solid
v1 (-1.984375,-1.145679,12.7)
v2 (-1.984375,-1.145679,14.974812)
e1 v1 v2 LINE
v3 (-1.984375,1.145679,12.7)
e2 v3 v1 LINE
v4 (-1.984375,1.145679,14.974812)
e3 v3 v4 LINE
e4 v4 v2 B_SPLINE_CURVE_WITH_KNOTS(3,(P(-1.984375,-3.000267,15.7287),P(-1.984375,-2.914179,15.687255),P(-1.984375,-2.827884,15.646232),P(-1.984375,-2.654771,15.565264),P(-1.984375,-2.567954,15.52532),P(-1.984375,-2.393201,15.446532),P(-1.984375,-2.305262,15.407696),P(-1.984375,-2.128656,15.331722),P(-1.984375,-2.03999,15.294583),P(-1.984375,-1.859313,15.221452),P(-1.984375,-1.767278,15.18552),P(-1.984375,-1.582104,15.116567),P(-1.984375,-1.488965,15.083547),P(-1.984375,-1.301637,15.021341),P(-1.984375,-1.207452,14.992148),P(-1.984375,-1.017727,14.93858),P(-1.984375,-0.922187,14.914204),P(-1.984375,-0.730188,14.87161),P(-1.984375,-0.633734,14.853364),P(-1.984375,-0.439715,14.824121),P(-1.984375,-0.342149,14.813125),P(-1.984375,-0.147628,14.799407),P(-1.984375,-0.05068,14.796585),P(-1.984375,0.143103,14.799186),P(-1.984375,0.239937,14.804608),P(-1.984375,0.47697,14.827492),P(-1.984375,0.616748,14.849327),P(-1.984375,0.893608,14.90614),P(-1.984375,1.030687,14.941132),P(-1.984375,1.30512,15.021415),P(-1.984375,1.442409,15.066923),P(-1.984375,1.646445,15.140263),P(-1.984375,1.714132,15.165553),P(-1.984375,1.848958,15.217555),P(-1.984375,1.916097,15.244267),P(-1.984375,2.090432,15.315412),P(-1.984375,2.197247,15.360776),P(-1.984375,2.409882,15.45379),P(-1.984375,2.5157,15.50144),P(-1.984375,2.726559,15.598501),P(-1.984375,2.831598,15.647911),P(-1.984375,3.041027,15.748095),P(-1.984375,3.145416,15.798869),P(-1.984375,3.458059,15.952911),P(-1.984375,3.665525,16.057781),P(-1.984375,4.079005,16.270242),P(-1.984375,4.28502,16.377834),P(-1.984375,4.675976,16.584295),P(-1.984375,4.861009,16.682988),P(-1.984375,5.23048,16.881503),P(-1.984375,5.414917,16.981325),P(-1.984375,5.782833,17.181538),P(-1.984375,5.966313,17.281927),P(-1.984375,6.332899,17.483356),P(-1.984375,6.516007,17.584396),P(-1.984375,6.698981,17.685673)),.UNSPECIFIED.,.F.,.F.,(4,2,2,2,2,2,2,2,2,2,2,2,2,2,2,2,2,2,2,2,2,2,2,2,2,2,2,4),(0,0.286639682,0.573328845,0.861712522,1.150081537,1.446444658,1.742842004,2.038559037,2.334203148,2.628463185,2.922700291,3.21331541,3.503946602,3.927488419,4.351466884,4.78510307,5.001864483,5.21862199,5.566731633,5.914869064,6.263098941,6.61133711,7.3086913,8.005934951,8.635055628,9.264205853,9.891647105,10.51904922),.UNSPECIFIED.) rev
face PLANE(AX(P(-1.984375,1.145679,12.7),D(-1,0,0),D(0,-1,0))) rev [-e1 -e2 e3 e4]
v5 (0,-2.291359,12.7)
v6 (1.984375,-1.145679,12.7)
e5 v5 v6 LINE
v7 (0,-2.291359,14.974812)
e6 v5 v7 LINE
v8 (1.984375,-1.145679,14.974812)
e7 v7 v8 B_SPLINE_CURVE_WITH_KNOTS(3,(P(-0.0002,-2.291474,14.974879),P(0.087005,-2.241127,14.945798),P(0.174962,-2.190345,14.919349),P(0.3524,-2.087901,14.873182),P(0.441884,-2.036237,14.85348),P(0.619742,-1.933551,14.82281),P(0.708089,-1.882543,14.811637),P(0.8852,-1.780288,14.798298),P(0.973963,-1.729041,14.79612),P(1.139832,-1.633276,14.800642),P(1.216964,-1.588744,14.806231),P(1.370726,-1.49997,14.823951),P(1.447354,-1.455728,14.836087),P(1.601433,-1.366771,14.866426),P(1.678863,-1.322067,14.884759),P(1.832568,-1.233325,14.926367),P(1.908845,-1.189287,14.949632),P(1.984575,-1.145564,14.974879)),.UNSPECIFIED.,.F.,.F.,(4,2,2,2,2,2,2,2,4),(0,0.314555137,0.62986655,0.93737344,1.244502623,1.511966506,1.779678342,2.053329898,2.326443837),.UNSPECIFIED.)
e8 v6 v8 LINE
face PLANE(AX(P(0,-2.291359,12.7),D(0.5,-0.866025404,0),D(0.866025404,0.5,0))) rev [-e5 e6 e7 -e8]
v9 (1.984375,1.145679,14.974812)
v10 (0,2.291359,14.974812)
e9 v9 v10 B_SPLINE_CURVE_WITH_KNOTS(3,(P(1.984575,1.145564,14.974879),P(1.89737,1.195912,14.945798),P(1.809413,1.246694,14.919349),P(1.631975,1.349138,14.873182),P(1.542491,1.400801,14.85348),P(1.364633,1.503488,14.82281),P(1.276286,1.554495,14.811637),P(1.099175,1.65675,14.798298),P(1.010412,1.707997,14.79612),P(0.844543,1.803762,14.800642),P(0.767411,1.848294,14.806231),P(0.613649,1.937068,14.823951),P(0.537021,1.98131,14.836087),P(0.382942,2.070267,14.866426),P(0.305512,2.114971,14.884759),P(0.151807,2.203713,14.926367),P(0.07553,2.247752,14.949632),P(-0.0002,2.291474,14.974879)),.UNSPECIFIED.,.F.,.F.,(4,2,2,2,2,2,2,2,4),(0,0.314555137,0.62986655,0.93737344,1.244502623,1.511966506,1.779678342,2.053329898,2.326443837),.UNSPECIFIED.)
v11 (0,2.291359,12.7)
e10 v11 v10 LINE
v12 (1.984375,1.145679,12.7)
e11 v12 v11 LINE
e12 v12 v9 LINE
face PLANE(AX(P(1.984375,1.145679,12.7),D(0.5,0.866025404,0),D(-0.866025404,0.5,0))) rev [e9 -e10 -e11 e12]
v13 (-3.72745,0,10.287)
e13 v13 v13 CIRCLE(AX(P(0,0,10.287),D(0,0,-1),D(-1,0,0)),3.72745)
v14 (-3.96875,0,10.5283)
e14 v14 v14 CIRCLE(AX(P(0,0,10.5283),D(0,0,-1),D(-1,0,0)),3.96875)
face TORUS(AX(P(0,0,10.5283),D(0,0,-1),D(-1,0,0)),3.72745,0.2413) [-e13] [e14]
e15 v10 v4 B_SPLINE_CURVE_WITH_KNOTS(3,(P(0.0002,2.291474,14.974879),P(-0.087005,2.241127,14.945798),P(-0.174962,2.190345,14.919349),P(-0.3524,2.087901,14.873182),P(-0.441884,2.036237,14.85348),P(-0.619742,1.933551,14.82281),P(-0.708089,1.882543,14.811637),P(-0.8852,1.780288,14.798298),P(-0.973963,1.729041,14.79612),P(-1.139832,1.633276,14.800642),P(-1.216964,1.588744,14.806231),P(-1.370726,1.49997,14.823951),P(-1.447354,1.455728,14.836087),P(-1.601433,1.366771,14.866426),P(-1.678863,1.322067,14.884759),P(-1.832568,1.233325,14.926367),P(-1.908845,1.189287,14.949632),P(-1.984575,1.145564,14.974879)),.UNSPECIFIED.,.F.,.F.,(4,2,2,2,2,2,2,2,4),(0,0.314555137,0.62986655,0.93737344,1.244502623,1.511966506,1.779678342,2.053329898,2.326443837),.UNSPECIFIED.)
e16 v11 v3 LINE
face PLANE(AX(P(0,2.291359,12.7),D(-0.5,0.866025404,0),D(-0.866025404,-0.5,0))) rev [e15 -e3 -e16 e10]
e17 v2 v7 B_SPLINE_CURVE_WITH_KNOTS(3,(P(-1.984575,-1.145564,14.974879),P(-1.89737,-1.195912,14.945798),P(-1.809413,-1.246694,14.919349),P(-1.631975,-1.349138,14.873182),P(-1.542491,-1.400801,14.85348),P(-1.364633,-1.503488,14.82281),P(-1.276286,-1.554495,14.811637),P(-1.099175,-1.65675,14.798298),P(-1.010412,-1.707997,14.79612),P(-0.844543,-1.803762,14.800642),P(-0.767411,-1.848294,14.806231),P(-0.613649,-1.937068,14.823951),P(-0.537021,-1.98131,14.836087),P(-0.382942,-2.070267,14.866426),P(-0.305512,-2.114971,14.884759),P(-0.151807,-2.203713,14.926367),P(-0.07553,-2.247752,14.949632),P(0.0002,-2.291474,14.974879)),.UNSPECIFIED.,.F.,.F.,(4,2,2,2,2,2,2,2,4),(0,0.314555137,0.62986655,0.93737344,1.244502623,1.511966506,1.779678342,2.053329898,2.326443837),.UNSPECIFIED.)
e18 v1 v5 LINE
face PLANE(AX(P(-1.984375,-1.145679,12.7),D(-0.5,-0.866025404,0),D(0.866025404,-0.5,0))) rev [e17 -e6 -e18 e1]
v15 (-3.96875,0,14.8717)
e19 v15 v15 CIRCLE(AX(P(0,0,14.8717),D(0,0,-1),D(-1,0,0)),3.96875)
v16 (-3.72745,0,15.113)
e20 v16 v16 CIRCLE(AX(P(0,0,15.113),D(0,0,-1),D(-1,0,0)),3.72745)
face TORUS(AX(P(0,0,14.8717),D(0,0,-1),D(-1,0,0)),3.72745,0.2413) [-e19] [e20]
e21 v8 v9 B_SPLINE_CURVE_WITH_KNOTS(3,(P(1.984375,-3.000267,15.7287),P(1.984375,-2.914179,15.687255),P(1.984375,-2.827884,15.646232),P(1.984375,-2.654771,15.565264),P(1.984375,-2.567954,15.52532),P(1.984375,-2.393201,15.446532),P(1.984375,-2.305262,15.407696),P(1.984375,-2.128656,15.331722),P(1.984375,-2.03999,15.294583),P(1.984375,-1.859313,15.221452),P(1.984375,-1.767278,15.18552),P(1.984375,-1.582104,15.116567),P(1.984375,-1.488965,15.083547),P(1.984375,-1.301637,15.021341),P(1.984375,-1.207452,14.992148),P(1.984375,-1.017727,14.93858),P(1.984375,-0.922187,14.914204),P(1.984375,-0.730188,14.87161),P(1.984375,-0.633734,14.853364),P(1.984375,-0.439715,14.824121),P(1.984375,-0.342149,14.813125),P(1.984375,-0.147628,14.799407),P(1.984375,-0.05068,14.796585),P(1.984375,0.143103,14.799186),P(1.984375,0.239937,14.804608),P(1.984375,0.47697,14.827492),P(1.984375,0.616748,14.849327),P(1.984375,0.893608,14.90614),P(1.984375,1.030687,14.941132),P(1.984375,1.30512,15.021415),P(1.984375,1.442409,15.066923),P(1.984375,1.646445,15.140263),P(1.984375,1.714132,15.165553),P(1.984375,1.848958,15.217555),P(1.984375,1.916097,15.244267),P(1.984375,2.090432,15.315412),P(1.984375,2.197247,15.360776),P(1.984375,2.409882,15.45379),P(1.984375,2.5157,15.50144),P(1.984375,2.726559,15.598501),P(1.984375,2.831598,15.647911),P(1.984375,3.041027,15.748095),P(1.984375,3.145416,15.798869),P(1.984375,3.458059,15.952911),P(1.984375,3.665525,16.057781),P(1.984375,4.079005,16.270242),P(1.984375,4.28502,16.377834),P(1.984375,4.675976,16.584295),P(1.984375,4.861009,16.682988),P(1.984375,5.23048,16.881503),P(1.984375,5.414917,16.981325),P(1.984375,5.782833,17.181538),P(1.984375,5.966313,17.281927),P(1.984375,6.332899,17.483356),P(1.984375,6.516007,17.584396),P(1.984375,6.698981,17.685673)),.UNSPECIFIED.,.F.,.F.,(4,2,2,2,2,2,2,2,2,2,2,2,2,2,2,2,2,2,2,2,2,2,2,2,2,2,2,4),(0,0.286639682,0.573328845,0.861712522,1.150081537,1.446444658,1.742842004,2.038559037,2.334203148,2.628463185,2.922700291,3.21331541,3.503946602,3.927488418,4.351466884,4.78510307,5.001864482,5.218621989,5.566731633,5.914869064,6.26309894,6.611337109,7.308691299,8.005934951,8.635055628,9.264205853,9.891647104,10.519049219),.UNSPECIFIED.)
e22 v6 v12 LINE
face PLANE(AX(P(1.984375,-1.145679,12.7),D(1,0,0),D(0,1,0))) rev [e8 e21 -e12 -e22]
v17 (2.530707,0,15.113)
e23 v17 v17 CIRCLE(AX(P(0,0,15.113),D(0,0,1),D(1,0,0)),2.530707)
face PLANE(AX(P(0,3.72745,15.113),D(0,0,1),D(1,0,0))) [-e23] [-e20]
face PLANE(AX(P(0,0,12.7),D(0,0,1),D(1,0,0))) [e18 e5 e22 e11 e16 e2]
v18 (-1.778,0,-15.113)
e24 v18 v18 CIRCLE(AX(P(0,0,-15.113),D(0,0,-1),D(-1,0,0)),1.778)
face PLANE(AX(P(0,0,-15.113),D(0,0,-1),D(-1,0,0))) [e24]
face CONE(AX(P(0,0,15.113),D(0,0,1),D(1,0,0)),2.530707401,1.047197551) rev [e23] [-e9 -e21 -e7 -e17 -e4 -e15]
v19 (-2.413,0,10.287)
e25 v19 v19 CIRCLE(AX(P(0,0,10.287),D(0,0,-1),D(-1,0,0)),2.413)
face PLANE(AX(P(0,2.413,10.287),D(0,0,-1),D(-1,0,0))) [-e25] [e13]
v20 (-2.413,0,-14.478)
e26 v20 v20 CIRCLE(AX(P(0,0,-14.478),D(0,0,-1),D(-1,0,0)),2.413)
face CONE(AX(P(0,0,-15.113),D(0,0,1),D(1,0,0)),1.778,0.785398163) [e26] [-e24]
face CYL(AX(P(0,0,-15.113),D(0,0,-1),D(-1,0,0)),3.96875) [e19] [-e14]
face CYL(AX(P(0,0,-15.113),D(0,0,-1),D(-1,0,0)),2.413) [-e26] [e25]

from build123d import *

# Parameters (mm, degrees)
CUT_EXTRUDE1_START = 15.113
CUT_EXTRUDE1_DEPTH = 2.413


with BuildPart() as part:
    # Sketch2 → Revolve1 (revolve)
    with BuildSketch(Plane(origin=(0, 0, 0), x_dir=(0, 0, -1), z_dir=(1, 0, 0)), mode=Mode.PRIVATE) as revolve1_sk:
        with BuildLine():
            Line((15.113, 0), (15.113, 1.778))
            Line((15.113, 1.778), (14.478, 2.413))
            Line((14.478, 2.413), (-10.287, 2.413))
            Line((-10.287, 2.413), (-10.287, 3.72745))
            ThreePointArc((-10.287, 3.72745), (-10.357675134, 3.898074866), (-10.5283, 3.96875))
            Line((-10.5283, 3.96875), (-14.8717, 3.96875))
            ThreePointArc((-14.8717, 3.96875), (-15.042324866, 3.898074866), (-15.113, 3.72745))
            Line((-15.113, 3.72745), (-15.113, 0))
            Line((-15.113, 0), (15.113, 0))
        make_face()
    revolve(revolve1_sk.sketch.rotate(Axis((0, 0, -15.113), (0, 0, 1)), 90), axis=Axis((0, 0, -15.113), (0, 0, 1)))

    # Sketch3 → Cut-Extrude1 (cut)
    with BuildSketch(Plane.XY.offset(CUT_EXTRUDE1_START)):
        Polygon((-1.984375, 1.14567944), (-1.984375, -1.14567944), (0, -2.291358881), (1.984375, -1.14567944), (1.984375, 1.14567944), (0, 2.291358881), align=None)
    extrude(amount=-CUT_EXTRUDE1_DEPTH, mode=Mode.SUBTRACT)

    # Cut-Extrude2 cone 1 section (through the dimple's axis) → Cut-Extrude2 (revolve, cut)
    with BuildSketch(Plane(origin=(0, 0, 15.113), x_dir=(0, -1, 0), z_dir=(1, 0, 0))):
        Polygon((0, 0), (2.530707401, 0), (0, 1.461104599), align=None)
    revolve(axis=Axis((0, 0, 15.113), (0, 0, -1)), mode=Mode.SUBTRACT)


solid = part.part
